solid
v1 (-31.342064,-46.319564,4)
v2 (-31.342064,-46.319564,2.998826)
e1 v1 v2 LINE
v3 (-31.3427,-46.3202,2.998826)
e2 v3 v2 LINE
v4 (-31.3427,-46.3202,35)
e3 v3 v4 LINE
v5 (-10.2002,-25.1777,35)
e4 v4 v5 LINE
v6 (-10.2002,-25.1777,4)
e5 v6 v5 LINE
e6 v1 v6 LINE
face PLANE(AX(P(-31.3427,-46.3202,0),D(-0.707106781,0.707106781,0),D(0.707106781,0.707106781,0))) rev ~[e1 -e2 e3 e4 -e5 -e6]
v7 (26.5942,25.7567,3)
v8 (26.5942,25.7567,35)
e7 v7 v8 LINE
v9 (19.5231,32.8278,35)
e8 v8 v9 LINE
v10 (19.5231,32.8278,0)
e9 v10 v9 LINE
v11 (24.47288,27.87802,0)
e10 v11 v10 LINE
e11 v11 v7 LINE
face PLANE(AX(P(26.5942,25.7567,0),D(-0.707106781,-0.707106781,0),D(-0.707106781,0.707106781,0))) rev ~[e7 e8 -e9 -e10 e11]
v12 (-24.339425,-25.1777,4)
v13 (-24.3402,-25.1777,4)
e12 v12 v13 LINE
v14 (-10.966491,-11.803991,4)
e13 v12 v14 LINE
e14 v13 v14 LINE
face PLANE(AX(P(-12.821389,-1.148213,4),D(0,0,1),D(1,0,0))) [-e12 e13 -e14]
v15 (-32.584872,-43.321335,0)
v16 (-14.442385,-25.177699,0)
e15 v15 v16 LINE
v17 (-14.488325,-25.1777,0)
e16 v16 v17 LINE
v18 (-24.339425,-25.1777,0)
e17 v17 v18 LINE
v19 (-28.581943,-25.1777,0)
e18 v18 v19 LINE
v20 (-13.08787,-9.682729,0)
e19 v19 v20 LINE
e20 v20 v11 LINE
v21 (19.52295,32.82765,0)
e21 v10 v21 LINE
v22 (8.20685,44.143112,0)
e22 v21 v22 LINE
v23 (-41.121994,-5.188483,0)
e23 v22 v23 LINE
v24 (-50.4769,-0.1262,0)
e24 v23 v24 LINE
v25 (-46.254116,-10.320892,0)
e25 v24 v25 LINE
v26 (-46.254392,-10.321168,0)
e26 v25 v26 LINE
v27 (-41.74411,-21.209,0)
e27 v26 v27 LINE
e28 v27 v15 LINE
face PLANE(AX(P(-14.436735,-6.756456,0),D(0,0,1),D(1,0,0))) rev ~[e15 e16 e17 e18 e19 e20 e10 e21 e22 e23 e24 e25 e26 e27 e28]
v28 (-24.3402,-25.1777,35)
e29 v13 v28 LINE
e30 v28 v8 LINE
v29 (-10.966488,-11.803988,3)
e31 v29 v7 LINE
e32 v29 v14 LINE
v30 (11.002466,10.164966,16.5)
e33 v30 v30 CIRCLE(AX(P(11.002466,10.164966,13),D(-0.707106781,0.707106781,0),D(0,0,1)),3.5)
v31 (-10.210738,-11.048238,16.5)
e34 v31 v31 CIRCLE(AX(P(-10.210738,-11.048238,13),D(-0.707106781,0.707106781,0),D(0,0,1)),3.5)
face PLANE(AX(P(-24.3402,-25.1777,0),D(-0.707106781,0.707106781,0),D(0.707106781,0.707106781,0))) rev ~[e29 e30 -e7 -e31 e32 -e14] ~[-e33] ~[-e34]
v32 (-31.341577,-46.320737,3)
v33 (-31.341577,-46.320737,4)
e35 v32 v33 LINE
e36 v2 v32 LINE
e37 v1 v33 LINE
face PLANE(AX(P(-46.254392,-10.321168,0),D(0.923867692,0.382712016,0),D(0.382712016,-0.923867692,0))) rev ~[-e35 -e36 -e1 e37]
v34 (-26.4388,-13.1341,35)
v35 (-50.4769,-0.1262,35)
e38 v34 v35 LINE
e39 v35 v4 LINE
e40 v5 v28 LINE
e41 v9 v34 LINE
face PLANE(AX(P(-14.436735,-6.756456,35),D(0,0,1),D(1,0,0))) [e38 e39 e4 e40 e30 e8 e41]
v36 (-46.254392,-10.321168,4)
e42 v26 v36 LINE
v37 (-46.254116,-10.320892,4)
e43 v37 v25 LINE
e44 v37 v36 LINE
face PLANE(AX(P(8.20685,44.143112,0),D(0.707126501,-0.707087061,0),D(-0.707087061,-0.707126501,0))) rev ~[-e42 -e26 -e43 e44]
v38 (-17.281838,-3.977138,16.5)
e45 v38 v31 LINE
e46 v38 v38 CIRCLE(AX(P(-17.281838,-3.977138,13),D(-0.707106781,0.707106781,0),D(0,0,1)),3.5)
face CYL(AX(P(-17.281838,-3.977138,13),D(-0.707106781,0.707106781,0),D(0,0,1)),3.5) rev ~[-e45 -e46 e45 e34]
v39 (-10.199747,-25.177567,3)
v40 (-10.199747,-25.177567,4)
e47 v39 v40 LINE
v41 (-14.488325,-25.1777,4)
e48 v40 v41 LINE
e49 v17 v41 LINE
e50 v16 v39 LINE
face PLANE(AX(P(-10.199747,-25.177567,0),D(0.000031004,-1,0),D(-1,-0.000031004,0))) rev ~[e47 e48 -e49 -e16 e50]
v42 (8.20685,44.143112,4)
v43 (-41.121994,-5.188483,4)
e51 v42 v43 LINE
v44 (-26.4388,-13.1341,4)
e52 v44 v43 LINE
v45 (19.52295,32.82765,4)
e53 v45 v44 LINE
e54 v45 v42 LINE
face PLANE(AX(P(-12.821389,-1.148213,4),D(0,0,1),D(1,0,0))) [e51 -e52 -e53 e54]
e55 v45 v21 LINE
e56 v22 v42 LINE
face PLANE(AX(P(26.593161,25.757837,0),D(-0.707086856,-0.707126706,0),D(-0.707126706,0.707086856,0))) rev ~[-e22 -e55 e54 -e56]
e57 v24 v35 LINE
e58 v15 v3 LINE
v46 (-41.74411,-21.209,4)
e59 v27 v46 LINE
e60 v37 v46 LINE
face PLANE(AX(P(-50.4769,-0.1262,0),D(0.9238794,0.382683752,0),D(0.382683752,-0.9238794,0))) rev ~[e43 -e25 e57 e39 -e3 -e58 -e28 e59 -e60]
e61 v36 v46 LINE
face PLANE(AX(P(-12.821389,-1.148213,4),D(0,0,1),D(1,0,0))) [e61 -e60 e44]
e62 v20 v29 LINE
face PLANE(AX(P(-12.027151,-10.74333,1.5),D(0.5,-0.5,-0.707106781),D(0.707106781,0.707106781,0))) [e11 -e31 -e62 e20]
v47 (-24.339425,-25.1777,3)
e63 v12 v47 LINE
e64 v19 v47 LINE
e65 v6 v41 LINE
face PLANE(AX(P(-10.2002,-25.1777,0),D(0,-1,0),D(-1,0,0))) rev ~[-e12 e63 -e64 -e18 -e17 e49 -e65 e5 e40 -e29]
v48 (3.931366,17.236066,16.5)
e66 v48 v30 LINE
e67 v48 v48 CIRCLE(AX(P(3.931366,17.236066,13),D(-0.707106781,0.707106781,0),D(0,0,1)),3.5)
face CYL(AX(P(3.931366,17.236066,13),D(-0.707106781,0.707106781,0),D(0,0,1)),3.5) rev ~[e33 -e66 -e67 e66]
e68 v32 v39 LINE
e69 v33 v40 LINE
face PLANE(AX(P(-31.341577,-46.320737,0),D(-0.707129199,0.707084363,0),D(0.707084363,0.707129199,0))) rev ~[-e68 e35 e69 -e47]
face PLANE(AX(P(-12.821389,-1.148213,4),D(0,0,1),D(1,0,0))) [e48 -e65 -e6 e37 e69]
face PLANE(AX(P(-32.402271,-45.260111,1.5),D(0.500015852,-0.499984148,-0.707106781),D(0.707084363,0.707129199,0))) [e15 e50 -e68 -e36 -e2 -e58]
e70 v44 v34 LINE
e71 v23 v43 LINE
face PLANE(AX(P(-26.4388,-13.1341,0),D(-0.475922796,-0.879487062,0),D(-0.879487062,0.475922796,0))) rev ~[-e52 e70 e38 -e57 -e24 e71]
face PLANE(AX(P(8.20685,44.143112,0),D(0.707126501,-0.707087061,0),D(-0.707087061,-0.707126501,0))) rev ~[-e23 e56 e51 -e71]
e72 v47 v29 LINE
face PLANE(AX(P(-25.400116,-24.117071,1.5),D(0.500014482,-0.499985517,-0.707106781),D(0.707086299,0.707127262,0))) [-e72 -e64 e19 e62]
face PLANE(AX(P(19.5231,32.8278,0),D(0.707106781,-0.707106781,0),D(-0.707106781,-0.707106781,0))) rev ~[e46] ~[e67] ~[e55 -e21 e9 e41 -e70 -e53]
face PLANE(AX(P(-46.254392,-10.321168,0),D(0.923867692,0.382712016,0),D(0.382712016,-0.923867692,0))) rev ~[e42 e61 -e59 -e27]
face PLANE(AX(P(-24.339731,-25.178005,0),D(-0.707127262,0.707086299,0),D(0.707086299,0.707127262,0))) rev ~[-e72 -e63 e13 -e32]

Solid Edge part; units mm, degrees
sketch "Sketch1" plane through (0, 0, 0) normal (0, 0, 1) x (1, 0, 0)
  line L0 (-50.4769, -0.1262) -> (-31.3427, -46.3202)
  line L1 (-31.3427, -46.3202) -> (-10.2002, -25.1777)
  line L2 (-10.2002, -25.1777) -> (-24.3402, -25.1777)
  line L3 (-24.3402, -25.1777) -> (26.5942, 25.7567)
  line L4 (26.5942, 25.7567) -> (19.5231, 32.8278)
  line L5 (19.5231, 32.8278) -> (-26.4388, -13.1341)
  line L6 (-26.4388, -13.1341) -> (-50.4769, -0.1262)
  dimension "D1" = 50
  dimension "D2" = 29.9
  dimension "D3" = 10
  dimension "D4" = 65
  dimension "D5" = 14.14
  dimension "D6" = 70
extrude "Protrusion1" add sketch "Sketch1" along normal blind 35
sketch "Sketch2" plane through (-12.0121, -6.8169, 0) normal (0, 0, -1) x (-0.8795, 0.4759, 0)
  line L0 (-1.7996, -43.9425) -> (-10.3318, -15.2857)
  line L1 (-10.3318, -15.2857) -> (2.1041, -22.0153)
  line L2 (2.1041, -22.0153) -> (-18.451, 47.0217)
  line L3 (-18.451, 47.0217) -> (6.4693, 54.4415)
  line L4 (6.4693, 54.4415) -> (28.4484, -19.3779)
  line L5 (28.4484, -19.3779) -> (-1.7996, -43.9425)
  dimension "D1" = 36
extrude "Extrusionsausprägung_6" add sketch "Sketch2" against normal blind 4
sketch "Sketch3" plane through (-3.4579, 9.8468, 19.5) normal (-0.7071, 0.7071, 0) x (0, 0, 1)
  circle A0 centre (-6.5, 10.45) radius 3.5
  circle A1 centre (-6.5, -19.55) radius 3.5
  dimension "D1" = 7
  dimension "D2" = 22.05
  dimension "D3" = 13
  dimension "D4" = 30
extrude "Cutout1" cut sketch "Sketch3" against normal through all
chamfer "Fase_3" distance 3 angle 45 2 edges at (-20.7715, -35.7489, 0) (1.127, 0.2895, 0)
properties material "Nylon, allgemein"
